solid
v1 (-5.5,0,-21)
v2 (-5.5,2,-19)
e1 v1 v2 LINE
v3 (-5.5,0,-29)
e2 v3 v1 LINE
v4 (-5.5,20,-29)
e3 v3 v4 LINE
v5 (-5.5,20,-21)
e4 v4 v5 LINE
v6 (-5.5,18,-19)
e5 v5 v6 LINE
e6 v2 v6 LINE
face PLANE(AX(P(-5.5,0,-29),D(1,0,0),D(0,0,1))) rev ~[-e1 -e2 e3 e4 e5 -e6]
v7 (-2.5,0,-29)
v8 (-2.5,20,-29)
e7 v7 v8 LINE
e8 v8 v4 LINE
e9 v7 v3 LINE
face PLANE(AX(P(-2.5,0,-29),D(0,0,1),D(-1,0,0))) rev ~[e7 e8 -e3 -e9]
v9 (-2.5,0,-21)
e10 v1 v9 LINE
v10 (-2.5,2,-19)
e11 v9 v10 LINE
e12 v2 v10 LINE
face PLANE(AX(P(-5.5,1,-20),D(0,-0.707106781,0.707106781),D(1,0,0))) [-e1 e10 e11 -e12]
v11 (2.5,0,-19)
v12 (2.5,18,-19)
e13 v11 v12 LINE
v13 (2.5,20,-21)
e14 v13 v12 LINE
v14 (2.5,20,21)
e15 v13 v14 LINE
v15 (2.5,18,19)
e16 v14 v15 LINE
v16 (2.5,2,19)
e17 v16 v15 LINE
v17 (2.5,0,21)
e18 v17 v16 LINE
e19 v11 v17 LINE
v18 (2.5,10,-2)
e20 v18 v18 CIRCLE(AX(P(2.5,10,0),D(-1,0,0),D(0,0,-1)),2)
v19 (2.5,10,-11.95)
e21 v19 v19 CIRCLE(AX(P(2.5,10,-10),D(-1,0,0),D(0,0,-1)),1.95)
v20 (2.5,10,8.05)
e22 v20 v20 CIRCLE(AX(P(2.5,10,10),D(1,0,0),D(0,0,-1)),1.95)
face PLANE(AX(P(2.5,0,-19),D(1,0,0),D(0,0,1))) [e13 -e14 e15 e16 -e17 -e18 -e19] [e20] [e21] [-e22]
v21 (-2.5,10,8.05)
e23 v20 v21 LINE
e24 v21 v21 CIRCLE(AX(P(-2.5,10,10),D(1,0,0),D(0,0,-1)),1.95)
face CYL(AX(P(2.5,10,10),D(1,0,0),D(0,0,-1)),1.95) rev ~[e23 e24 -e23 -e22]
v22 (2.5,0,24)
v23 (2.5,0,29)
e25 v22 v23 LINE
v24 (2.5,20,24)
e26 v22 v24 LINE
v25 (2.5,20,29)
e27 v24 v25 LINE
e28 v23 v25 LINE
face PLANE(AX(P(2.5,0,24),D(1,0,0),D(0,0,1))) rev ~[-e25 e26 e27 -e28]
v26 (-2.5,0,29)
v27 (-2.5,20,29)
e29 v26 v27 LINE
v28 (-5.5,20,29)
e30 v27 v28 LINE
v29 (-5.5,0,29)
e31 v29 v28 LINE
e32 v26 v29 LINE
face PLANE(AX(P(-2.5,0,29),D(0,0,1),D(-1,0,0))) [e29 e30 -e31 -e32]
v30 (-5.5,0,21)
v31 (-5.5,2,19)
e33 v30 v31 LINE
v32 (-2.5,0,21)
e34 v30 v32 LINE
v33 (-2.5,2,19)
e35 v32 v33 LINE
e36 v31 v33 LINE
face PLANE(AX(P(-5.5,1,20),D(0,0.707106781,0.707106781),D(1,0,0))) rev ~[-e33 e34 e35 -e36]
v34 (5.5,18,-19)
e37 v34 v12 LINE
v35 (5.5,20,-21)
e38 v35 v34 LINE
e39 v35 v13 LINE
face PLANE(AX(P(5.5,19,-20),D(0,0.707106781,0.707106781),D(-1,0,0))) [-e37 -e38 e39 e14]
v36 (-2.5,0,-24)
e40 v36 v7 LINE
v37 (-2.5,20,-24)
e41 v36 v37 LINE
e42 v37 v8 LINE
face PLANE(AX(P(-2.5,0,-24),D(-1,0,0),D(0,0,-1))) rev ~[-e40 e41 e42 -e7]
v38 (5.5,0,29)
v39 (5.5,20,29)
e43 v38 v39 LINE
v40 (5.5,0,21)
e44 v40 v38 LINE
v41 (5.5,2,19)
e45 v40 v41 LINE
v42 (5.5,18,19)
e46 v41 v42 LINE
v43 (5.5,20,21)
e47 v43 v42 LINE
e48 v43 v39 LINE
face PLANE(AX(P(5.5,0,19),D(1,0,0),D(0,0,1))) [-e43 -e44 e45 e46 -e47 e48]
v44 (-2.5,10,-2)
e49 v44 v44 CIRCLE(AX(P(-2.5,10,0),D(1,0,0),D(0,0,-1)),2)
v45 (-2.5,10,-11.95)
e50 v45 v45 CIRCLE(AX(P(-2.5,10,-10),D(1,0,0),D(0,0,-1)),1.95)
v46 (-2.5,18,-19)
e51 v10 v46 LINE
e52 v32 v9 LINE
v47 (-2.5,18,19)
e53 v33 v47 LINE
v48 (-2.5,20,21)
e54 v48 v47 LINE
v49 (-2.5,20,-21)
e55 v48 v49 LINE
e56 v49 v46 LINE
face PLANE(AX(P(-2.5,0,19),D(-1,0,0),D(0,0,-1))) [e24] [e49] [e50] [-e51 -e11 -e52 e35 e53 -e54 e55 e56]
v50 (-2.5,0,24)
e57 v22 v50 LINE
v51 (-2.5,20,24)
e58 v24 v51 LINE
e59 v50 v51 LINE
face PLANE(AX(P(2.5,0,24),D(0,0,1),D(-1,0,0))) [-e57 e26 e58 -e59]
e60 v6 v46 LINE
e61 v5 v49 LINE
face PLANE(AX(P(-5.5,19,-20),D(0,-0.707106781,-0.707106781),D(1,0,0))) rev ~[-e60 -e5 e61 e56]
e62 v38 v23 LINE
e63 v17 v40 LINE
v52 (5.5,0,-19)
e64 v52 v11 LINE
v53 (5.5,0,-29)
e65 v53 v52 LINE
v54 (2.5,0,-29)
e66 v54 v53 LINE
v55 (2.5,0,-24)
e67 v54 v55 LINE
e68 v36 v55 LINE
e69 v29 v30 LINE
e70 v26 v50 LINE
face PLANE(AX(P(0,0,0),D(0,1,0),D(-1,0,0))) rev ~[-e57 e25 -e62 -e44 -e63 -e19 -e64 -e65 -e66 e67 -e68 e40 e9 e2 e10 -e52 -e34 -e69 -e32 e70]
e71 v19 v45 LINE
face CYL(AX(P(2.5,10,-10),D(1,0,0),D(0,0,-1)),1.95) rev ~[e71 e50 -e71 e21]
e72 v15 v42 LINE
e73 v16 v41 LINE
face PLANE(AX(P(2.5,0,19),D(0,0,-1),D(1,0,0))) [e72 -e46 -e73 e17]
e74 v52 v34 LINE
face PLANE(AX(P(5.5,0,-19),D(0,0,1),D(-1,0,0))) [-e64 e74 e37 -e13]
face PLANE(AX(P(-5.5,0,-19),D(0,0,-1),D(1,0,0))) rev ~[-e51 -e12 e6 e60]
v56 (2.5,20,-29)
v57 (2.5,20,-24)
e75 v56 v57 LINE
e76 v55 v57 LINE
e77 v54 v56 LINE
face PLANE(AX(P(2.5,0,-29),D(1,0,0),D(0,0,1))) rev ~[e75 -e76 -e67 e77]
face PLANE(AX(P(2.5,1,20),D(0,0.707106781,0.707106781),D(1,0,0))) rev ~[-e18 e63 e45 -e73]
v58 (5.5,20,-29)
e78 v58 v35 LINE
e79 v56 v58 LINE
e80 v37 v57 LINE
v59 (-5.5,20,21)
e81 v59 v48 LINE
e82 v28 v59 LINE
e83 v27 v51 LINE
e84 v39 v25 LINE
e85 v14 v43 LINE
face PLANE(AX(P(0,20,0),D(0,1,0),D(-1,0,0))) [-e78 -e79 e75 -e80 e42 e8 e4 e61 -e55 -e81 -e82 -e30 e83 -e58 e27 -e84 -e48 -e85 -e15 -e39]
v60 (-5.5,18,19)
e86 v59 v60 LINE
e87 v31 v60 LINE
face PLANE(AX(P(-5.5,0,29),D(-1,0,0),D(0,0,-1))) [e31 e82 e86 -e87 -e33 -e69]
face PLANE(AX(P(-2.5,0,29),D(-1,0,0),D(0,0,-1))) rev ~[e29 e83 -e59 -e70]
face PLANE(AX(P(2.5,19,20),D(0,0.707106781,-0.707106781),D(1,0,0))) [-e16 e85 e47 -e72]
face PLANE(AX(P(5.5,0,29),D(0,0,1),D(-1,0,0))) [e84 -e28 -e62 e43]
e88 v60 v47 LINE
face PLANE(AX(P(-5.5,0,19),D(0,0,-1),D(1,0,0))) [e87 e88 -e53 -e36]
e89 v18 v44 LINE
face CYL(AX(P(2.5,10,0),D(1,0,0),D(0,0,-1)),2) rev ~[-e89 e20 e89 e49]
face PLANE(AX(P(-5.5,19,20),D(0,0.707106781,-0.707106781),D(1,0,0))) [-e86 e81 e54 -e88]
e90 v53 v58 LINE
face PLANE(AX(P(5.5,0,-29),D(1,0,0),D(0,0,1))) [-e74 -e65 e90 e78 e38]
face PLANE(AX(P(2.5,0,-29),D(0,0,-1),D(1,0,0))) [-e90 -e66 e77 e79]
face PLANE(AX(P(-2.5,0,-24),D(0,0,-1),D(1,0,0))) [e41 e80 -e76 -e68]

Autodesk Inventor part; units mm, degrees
ref_plane "YZ Plane" through (0, 0, 0) normal (1, 0, 0) x (0, 1, 0)
ref_plane "XZ Plane" through (0, 0, 0) normal (0, 1, 0) x (-1, 0, 0)
ref_plane "XY Plane" through (0, 0, 0) normal (0, 0, 1) x (1, 0, 0)
sketch "Эскиз1" plane through (0, 0, 0) normal (0, 1, 0) x (-1, 0, 0)
  line L0 (-2.5, 24) -> (2.5, 24)
  line L1 (2.5, 24) -> (2.5, -24)
  line L2 (2.5, -24) -> (-2.5, -24)
  line L3 (-2.5, -24) -> (-2.5, 24)
  line L4 (-2.5, 29) -> (2.5, 29)
  line L5 (2.5, 29) -> (2.5, -29)
  line L6 (2.5, -29) -> (-2.5, -29)
  line L7 (-2.5, -29) -> (-2.5, 29)
  line L8 (2.5, 29) -> (5.5, 29)
  line L9 (5.5, 29) -> (5.5, 19)
  line L10 (5.5, 19) -> (2.5, 19)
  line L11 (2.5, 19) -> (2.5, 29)
  line L12 (-2.5, 19) -> (-5.5, 19)
  line L13 (-5.5, 19) -> (-5.5, 29)
  line L14 (-5.5, 29) -> (-2.5, 29)
  line L15 (-2.5, 29) -> (-2.5, 19)
  line L16 (2.5, -29) -> (5.5, -29)
  line L17 (5.5, -29) -> (5.5, -19)
  line L18 (5.5, -19) -> (2.5, -19)
  line L19 (2.5, -19) -> (2.5, -29)
  line L20 (-2.5, -29) -> (-5.5, -29)
  line L21 (-5.5, -29) -> (-5.5, -19)
  line L22 (-5.5, -19) -> (-2.5, -19)
  line L23 (-2.5, -19) -> (-2.5, -29)
  point P0 (0, 0)
  dimension "d3" = 3
  dimension "d4" = 10
  dimension "d5" = 3
  dimension "d6" = 10
  dimension "d7" = 3
  dimension "d8" = 10
  dimension "d9" = 3
  dimension "d10" = 10
extrude "Выдавливание1" add sketch "Эскиз1" along normal blind 20 contours L0 L1 L2 L3 | L3 L12 L13 L14 L7 | L5 L8 L9 L10 L1 | L3 L7 L20 L21 L22 | L18 L17 L16 L5 L1
sketch "Эскиз2" plane through (2.5, 0, 19) normal (1, 0, 0) x (0, 0, -1)
  line L0 (19, 0) -> (19, 20)
  line L1 (0, 20) -> (38, 20) projected
  circle A0 centre (19, 10) radius 2
  dimension "d13" = 4
extrude "Выдавливание2" cut sketch "Эскиз2" against normal blind 35
chamfer "Фаска1" distance 2 angle 45 7 edges at (-4, 20, -19) (-4, 0, -19) (4, 20, -19) (4, 20, 19) (-4, 20, 19) (-4, 0, 19) (4, 0, 19)
sketch "Эскиз3" plane through (2.5, 0, -19) normal (1, 0, 0) x (0, 0, -1)
  circle A0 centre (-19, 10) radius 2 projected
  line L0 (-19, 10) -> (-9, 10)
  line L1 (-19, 10) -> (-29, 10)
  circle A1 centre (-29, 10) radius 1.95
  circle A2 centre (-9, 10) radius 1.95
  point P0 (-19, 0)
  dimension "d19" = 10
  dimension "d20" = 10
  dimension "d21" = 3.9
  dimension "d22" = 3.9
extrude "Выдавливание3" cut sketch "Эскиз3" against normal blind 22 contours A1 | A2
properties part number "МД.001.1003 - Каретка" material "Пластик АБС"
